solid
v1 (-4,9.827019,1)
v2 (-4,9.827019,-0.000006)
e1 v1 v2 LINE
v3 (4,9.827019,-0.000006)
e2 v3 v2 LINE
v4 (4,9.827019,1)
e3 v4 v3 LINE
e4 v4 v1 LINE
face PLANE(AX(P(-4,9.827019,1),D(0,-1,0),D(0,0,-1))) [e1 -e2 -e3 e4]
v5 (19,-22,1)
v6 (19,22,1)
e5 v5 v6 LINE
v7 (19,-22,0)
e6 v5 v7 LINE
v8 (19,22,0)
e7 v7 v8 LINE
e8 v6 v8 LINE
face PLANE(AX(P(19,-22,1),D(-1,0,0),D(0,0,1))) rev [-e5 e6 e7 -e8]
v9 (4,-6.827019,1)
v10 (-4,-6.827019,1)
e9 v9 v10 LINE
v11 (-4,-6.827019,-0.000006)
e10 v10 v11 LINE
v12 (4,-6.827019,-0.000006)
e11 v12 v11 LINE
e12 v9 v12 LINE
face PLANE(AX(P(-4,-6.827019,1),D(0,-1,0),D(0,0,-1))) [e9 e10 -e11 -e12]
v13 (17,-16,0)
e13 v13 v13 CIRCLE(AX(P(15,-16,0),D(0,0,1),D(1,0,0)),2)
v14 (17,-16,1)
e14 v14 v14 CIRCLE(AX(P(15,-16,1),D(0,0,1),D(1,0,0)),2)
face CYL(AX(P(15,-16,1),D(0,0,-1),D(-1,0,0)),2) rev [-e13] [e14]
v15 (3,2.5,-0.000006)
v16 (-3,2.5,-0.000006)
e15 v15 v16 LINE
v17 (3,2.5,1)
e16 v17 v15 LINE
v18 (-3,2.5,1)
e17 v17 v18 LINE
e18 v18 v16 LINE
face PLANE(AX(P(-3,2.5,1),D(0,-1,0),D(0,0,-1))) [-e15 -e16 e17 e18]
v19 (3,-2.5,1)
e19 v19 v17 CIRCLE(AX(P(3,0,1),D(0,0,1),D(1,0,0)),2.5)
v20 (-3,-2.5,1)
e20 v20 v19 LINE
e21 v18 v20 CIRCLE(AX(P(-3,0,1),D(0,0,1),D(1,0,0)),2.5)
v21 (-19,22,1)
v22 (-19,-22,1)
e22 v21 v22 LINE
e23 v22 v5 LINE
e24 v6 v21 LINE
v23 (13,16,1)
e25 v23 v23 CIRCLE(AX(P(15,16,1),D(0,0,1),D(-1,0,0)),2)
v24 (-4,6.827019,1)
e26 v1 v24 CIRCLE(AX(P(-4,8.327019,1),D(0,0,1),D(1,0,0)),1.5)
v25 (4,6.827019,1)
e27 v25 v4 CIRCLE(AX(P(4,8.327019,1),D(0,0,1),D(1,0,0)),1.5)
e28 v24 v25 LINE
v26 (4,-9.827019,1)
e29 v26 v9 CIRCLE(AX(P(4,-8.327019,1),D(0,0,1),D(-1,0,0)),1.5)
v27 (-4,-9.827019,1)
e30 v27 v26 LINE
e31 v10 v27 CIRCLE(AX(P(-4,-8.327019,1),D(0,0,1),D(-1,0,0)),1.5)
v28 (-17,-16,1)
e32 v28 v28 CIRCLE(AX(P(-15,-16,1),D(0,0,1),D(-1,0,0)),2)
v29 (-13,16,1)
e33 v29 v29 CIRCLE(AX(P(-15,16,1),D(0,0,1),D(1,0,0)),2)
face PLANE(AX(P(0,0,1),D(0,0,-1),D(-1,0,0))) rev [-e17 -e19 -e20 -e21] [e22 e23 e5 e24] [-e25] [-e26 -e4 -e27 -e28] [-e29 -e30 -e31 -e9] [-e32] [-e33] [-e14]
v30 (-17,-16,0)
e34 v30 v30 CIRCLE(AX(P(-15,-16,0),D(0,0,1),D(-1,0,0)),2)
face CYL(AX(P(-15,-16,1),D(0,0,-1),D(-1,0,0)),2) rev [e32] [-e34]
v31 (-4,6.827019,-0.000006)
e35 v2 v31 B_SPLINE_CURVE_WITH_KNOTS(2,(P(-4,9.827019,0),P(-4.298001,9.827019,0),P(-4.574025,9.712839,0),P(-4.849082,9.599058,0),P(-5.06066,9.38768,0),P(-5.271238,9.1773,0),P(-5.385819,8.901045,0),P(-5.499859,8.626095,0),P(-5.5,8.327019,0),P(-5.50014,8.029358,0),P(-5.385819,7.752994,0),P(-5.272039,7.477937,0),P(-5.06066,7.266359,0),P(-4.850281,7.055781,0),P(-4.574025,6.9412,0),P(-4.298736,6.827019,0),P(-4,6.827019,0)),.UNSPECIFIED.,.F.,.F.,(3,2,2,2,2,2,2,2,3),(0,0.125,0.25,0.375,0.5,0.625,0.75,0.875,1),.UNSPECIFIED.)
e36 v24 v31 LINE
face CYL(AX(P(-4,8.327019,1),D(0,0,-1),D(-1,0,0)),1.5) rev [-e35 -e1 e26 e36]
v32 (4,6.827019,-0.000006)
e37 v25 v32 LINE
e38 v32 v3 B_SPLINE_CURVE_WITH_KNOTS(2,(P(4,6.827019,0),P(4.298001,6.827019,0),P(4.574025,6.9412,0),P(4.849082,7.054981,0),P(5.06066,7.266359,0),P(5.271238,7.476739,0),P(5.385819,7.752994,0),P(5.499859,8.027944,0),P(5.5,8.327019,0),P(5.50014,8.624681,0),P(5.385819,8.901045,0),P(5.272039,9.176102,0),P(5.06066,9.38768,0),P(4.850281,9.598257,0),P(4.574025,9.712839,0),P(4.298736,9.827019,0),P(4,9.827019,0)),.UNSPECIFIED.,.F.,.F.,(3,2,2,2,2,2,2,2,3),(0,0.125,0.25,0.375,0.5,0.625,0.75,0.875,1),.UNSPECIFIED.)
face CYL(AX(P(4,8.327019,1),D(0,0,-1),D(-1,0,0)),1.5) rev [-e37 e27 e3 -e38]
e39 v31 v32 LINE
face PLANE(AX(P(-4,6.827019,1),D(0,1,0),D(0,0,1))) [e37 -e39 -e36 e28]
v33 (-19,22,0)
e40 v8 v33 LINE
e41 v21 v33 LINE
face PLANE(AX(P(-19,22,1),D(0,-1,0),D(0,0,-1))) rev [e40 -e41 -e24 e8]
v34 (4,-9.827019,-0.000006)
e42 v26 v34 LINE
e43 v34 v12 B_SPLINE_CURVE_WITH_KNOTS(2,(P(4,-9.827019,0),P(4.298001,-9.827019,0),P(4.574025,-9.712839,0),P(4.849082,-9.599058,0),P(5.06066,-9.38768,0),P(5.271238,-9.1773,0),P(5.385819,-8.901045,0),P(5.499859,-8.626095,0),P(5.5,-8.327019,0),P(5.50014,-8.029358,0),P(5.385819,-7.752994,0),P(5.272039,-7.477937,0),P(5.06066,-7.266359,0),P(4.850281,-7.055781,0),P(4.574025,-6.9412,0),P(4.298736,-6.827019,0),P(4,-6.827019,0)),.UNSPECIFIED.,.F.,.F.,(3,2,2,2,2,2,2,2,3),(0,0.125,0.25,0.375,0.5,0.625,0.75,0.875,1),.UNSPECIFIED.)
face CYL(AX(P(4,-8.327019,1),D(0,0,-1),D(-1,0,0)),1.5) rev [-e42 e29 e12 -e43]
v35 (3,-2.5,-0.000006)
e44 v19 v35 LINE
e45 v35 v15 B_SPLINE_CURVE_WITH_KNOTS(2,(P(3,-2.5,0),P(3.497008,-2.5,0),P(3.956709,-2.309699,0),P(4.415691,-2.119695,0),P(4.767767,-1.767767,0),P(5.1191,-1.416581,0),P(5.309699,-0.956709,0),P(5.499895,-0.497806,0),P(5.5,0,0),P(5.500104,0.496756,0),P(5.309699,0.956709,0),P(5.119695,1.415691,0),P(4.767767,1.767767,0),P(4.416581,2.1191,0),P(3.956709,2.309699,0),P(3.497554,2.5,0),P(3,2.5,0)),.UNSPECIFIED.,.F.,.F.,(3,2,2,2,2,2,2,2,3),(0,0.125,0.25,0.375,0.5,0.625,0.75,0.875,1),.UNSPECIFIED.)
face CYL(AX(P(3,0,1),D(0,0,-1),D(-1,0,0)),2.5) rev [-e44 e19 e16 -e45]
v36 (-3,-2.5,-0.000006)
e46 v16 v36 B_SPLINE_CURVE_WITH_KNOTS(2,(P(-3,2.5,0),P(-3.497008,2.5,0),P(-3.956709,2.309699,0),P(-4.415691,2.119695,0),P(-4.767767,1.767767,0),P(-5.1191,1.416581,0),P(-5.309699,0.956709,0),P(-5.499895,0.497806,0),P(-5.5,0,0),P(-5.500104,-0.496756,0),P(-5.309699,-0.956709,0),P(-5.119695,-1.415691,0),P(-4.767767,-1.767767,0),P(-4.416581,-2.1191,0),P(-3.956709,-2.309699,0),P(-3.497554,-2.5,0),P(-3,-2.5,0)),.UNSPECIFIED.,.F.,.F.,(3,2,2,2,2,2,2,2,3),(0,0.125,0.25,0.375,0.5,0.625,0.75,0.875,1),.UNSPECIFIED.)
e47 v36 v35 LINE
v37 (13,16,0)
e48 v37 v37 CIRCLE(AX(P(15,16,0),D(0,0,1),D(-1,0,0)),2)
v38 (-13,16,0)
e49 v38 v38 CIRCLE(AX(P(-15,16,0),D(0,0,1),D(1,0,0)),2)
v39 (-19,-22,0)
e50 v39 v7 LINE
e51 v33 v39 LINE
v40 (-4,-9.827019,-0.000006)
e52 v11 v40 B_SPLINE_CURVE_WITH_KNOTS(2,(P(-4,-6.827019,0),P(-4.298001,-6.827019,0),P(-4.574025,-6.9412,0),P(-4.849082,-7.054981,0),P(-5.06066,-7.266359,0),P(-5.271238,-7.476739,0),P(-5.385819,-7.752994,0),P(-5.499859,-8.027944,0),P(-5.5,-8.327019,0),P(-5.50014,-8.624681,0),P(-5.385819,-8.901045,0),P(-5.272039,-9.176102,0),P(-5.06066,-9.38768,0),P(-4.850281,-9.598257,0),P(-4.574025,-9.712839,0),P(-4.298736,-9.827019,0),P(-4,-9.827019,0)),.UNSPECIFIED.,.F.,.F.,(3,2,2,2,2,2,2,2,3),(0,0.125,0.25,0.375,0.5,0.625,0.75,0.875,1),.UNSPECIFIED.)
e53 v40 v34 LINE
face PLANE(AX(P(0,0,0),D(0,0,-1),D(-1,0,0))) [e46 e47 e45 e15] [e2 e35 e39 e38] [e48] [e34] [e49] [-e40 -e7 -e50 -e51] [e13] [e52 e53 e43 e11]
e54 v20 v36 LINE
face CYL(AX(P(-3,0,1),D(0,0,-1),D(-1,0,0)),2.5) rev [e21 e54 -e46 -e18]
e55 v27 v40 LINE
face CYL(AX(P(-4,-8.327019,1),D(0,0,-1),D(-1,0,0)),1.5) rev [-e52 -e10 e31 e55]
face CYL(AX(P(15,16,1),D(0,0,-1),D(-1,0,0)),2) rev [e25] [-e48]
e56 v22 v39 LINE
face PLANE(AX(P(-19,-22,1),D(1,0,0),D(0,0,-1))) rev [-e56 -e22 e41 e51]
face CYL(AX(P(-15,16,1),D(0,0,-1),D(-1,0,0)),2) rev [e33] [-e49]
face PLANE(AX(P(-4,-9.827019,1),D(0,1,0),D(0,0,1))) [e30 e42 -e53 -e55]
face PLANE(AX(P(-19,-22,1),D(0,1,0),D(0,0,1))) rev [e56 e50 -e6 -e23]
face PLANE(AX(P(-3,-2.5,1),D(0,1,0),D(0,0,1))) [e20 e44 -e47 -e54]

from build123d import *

# Parameters (mm, degrees)
SKETCH1_W               = 38
SKETCH1_H               = 44
SKETCH1_R               = 2
BOSS_EXTRUDE1_DEPTH     = 1
CUT_EXTRUDE1_DEPTH      = 30.086079144
CUT_EXTRUDE1_DEPTH_BACK = 30.086079144


with BuildPart() as part:
    # Sketch1 → Boss-Extrude1 (new body)
    with BuildSketch(Plane.XY):
        Rectangle(SKETCH1_W, SKETCH1_H)
        with Locations((-15, 16)):
            Circle(SKETCH1_R, mode=Mode.SUBTRACT)
        with Locations(Location((-15, -16, 0), (0, 0, 180))):
            Circle(SKETCH1_R, mode=Mode.SUBTRACT)
        with Locations((15, -16)):
            Circle(SKETCH1_R, mode=Mode.SUBTRACT)
        with Locations(Location((15, 16, 0), (0, 0, 180))):
            Circle(SKETCH1_R, mode=Mode.SUBTRACT)
    extrude(amount=BOSS_EXTRUDE1_DEPTH)

    # Sketch2 → Cut-Extrude1 (cut, two sides: drawn at the far end of the back side and taken through both)
    with BuildSketch(Plane.XY.offset(-CUT_EXTRUDE1_DEPTH_BACK)):
        with BuildLine():
            Line((-3, 2.5), (3, 2.5))
            ThreePointArc((3, 2.5), (5.5, 0), (3, -2.5))
            Line((3, -2.5), (-3, -2.5))
            ThreePointArc((-3, -2.5), (-5.5, 0), (-3, 2.5))
        make_face()
        with BuildLine():
            Line((-4, 9.827019403), (4, 9.827019403))
            ThreePointArc((4, 9.827019403), (5.5, 8.327019403), (4, 6.827019403))
            Line((4, 6.827019403), (-4, 6.827019403))
            ThreePointArc((-4, 6.827019403), (-5.5, 8.327019403), (-4, 9.827019403))
        make_face()
        with BuildLine():
            Line((-4, -9.827019403), (4, -9.827019403))
            ThreePointArc((4, -9.827019403), (5.5, -8.327019403), (4, -6.827019403))
            Line((4, -6.827019403), (-4, -6.827019403))
            ThreePointArc((-4, -6.827019403), (-5.5, -8.327019403), (-4, -9.827019403))
        make_face()
    extrude(amount=CUT_EXTRUDE1_DEPTH + CUT_EXTRUDE1_DEPTH_BACK, mode=Mode.SUBTRACT)


solid = part.part
